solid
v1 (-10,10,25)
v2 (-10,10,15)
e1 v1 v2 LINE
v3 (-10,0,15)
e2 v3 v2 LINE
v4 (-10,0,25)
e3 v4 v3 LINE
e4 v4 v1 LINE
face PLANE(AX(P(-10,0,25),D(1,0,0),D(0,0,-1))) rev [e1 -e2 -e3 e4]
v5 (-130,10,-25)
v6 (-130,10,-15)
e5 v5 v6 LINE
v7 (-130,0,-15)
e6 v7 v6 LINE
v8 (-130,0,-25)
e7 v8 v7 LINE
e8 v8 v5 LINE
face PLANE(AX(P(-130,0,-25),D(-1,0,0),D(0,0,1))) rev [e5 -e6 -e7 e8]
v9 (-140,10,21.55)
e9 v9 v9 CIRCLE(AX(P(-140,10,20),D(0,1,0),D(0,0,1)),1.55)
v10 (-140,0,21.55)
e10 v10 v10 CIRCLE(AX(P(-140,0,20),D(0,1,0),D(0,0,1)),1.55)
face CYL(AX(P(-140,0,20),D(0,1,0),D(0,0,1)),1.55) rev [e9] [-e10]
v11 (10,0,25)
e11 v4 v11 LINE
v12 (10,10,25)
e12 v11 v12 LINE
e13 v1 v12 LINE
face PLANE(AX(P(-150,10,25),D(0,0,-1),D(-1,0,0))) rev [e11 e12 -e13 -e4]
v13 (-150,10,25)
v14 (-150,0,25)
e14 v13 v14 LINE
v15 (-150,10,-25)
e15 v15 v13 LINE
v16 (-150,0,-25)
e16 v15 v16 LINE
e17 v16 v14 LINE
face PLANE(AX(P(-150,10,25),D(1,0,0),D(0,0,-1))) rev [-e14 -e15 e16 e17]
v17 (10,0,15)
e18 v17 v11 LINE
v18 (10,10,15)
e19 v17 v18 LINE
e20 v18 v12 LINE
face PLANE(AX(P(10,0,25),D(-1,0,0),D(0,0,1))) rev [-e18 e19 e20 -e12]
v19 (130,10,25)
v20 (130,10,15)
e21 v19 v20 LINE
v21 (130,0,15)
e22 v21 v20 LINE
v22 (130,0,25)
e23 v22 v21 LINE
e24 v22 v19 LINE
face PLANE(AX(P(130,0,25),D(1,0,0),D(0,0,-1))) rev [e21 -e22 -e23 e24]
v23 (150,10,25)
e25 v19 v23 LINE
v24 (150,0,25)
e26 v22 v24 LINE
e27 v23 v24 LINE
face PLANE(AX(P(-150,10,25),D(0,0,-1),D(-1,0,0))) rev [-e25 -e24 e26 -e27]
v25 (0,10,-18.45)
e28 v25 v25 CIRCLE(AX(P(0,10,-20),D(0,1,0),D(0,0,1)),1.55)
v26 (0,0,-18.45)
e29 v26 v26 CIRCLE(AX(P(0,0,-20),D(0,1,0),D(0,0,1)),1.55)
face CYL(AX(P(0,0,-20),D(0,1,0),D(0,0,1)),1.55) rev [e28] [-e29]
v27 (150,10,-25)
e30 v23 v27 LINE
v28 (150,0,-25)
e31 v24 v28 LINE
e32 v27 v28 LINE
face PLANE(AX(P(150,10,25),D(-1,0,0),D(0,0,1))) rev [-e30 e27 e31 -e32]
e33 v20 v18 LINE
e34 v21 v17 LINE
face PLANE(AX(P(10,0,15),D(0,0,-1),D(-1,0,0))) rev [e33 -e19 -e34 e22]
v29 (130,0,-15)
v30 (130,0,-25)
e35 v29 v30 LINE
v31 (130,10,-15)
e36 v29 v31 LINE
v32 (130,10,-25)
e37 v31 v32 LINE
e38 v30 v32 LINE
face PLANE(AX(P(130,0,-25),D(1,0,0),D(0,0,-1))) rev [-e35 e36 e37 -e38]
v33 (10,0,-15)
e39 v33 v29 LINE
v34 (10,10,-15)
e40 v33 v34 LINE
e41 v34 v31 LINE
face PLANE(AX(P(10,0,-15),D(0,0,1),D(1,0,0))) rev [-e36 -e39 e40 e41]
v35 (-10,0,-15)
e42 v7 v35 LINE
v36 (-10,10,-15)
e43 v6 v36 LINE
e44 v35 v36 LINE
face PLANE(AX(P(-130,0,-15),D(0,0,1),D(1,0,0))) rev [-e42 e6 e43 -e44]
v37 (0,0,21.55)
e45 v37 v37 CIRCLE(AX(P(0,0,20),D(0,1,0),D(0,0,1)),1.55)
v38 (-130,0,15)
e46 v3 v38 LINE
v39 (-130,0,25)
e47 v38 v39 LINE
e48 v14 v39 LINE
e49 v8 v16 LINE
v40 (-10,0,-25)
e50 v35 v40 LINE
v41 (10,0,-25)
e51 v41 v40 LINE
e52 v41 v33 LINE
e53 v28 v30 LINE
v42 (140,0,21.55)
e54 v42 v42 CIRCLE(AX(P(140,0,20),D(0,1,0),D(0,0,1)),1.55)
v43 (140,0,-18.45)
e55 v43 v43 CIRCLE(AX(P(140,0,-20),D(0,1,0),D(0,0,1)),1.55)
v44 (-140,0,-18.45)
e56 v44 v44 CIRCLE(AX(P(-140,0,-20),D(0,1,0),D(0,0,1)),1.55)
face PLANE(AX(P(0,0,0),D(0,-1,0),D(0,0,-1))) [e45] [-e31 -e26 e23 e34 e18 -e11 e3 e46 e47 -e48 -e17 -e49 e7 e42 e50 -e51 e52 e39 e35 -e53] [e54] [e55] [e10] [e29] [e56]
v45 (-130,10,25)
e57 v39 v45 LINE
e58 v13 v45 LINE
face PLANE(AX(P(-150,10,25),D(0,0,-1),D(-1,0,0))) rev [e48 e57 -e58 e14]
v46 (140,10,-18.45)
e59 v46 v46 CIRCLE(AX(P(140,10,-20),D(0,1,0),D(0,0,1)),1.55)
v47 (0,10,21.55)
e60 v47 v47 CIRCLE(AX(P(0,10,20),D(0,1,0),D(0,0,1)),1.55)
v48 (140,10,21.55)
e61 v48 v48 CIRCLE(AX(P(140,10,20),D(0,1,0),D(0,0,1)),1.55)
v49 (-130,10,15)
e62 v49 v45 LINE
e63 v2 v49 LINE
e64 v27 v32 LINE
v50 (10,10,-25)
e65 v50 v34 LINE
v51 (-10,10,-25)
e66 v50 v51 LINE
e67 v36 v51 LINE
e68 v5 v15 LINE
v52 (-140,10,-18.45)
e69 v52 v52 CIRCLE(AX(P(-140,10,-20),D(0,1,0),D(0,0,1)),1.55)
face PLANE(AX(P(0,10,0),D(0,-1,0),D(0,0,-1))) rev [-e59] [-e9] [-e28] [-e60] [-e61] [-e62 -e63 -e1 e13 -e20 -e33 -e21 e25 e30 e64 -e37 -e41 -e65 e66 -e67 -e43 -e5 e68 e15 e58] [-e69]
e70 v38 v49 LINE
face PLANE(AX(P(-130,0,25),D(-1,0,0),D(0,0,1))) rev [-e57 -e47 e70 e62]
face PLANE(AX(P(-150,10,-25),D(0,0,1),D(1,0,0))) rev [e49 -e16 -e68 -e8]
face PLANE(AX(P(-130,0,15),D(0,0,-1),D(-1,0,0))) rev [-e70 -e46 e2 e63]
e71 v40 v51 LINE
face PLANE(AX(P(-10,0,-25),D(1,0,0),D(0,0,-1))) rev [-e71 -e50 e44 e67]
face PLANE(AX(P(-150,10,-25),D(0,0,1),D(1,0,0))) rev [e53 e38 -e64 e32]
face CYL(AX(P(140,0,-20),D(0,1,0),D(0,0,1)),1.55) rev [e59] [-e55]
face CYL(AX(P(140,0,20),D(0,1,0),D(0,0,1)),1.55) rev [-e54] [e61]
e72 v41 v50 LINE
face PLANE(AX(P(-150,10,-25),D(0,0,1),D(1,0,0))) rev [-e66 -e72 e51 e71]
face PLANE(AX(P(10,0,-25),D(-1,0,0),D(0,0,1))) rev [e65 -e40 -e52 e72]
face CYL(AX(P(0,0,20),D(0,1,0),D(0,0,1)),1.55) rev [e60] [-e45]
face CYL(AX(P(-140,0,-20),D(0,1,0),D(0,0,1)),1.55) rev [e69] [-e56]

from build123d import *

# Parameters (mm, degrees)
IZIM1_W                     = 300
IZIM1_H                     = 50
Y_KSEKLIK_EKSTR_ZYON1_DEPTH = 10
IZIM2_R                     = 1.55
IZIM2_W                     = 120
IZIM2_H                     = 10
KES_EKSTR_ZYON1_DEPTH       = 10


with BuildPart() as part:
    # Çizim1 → Yükseklik-Ekstrüzyon1 (new body)
    with BuildSketch(Plane(origin=(0, 0, 0), x_dir=(1, 0, 0), z_dir=(0, 1, 0))):
        Rectangle(IZIM1_W, IZIM1_H)
    extrude(amount=Y_KSEKLIK_EKSTR_ZYON1_DEPTH)

    # Çizim2 → Kes-Ekstrüzyon1 (cut)
    with BuildSketch(Plane(origin=(0, 10, 0), x_dir=(1, 0, 0), z_dir=(0, 1, 0))):
        with Locations(Location((140, 20, 0), (0, 0, 270))):
            Circle(IZIM2_R)
        with Locations(Location((0, 20, 0), (0, 0, 270))):
            Circle(IZIM2_R)
        with Locations(Location((-140, 20, 0), (0, 0, 270))):
            Circle(IZIM2_R)
        with Locations(Location((0, -20, 0), (0, 0, 270))):
            Circle(IZIM2_R)
        with Locations(Location((-140, -20, 0), (0, 0, 270))):
            Circle(IZIM2_R)
        with Locations(Location((140, -20, 0), (0, 0, 270))):
            Circle(IZIM2_R)
        with Locations((-70, -20)):
            Rectangle(IZIM2_W, IZIM2_H)
        with Locations((70, -20)):
            Rectangle(IZIM2_W, IZIM2_H)
        with Locations((-70, 20)):
            Rectangle(IZIM2_W, IZIM2_H)
        with Locations((70, 20)):
            Rectangle(IZIM2_W, IZIM2_H)
    extrude(amount=-KES_EKSTR_ZYON1_DEPTH, mode=Mode.SUBTRACT)


solid = part.part
